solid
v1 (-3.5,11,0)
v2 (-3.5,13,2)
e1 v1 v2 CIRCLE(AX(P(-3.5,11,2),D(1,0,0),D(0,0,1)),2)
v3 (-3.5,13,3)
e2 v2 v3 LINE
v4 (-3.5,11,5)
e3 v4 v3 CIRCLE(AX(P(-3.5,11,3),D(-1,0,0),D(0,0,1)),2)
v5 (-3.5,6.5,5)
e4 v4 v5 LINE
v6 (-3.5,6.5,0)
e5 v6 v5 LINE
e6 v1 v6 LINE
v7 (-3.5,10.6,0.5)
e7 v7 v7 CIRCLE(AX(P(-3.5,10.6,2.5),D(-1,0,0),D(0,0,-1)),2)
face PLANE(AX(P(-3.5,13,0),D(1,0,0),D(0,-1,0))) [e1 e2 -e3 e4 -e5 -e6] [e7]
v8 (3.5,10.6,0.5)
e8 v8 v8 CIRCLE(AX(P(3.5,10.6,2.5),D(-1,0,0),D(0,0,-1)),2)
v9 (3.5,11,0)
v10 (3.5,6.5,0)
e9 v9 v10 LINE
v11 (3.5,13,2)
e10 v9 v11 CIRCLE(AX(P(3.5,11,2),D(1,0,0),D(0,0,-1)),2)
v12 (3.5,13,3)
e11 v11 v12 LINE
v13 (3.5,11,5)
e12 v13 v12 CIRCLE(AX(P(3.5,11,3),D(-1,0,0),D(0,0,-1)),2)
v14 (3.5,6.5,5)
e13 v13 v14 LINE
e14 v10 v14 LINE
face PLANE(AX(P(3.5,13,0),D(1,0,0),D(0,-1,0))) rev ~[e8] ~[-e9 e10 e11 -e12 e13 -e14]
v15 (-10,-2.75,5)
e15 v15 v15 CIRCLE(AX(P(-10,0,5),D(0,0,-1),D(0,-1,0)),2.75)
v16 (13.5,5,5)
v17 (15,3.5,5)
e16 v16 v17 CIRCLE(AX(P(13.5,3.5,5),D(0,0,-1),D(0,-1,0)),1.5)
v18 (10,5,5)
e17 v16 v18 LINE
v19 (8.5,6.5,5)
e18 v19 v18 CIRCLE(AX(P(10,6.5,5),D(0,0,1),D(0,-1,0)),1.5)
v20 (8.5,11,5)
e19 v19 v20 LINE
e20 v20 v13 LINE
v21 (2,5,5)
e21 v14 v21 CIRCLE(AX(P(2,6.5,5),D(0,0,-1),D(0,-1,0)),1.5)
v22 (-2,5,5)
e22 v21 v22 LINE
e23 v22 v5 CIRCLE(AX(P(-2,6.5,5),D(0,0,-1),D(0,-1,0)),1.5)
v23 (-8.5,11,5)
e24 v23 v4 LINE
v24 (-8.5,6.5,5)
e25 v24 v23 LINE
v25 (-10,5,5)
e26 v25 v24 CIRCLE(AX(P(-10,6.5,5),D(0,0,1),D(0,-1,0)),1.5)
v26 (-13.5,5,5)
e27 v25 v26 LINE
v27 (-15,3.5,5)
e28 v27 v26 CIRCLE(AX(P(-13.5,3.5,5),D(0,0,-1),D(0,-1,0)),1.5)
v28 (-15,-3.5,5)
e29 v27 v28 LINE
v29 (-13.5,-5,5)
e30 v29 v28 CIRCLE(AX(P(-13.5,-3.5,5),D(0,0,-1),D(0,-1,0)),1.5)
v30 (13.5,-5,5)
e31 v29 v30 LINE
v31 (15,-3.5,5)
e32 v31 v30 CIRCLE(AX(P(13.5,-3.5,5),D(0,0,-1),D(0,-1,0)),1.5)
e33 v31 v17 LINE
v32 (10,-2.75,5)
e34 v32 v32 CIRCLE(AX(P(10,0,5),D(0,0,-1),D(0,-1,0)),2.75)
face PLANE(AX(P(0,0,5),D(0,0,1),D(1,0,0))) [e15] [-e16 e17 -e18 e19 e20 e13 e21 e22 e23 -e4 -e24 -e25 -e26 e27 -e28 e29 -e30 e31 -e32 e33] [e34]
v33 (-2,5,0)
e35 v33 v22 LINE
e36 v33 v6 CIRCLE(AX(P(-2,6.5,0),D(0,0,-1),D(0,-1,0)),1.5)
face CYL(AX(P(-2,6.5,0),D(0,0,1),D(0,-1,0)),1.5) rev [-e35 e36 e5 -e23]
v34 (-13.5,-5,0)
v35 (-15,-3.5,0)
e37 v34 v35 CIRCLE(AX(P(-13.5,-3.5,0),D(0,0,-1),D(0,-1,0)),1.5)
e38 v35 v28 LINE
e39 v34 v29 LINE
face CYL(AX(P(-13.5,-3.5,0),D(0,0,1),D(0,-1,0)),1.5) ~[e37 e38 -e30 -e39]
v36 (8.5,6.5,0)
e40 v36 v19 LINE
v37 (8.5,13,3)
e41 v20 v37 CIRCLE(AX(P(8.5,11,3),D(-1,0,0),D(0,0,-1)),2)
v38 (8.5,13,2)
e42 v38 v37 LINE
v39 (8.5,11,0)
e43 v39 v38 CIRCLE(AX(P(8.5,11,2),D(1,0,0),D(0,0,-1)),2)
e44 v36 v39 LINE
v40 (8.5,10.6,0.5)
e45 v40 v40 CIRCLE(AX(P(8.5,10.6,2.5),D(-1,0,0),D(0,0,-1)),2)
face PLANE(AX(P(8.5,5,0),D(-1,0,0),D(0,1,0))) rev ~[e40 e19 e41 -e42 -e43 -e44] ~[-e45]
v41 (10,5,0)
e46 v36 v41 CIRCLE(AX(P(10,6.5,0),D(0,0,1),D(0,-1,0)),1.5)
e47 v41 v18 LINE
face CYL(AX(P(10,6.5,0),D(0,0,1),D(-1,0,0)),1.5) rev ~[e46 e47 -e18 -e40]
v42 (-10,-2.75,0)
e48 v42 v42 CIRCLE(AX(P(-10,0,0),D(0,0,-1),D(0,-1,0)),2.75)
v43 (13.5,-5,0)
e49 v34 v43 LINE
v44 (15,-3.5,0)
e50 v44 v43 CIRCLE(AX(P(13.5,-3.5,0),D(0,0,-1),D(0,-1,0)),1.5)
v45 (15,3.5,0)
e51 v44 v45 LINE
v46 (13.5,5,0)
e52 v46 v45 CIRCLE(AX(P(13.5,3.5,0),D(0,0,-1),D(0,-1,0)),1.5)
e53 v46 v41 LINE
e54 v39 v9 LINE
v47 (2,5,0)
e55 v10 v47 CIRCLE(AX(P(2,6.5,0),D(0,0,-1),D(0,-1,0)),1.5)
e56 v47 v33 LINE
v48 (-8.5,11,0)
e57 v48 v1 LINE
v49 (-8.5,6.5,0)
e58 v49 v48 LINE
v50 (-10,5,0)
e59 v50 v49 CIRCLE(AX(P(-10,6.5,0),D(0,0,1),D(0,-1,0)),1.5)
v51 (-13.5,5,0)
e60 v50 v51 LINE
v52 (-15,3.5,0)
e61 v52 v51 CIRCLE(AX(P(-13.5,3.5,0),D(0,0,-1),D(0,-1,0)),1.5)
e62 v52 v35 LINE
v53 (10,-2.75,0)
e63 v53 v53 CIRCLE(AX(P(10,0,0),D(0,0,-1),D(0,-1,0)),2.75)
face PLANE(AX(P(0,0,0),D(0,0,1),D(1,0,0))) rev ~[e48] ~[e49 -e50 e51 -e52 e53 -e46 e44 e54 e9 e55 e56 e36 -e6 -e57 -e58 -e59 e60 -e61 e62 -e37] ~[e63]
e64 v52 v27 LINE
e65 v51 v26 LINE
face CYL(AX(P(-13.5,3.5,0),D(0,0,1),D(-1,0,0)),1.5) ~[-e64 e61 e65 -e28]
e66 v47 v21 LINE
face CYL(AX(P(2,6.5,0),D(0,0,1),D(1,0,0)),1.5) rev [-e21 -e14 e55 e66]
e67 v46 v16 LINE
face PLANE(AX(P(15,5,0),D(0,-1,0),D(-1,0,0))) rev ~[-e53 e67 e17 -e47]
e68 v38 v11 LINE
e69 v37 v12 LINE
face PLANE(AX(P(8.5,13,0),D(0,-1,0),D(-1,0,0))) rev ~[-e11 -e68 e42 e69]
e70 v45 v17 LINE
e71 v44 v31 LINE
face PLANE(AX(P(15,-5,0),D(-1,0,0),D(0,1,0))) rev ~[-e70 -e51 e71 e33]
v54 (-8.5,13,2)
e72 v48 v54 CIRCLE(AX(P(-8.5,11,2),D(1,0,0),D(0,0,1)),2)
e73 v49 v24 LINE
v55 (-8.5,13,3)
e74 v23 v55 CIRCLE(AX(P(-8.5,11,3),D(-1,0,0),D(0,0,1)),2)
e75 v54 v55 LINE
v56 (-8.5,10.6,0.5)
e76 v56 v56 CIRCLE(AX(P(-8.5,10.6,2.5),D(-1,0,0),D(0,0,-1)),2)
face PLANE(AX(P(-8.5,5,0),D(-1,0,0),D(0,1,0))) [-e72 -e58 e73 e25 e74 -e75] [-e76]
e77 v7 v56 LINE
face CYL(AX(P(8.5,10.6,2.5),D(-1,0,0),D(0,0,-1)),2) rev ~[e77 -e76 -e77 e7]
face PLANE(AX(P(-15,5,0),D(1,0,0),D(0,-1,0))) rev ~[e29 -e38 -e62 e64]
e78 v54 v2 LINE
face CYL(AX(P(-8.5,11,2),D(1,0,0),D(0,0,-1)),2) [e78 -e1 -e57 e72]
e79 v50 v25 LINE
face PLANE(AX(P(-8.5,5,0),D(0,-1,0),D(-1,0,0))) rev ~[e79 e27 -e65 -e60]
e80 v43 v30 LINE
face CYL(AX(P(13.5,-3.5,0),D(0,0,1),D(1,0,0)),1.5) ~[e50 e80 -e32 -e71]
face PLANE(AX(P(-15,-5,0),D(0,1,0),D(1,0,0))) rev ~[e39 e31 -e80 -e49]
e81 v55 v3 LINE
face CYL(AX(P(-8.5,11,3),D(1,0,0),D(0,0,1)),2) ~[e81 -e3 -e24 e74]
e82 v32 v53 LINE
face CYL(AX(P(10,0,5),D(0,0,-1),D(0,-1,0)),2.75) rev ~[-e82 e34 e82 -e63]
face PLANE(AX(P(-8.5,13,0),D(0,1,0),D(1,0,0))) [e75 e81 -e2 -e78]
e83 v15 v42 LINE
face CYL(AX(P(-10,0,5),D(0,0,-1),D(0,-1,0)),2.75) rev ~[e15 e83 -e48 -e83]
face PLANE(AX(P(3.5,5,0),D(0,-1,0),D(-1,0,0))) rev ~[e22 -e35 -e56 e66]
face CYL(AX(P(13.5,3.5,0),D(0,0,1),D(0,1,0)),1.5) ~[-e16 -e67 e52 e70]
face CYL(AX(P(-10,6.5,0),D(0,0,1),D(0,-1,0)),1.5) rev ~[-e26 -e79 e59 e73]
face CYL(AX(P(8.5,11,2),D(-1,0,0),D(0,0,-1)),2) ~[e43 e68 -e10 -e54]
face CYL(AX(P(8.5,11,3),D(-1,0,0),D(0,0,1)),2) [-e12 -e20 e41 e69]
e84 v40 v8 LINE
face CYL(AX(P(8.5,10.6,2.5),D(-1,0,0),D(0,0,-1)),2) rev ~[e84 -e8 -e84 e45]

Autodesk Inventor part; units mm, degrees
ref_plane "YZ Plane" through (0, 0, 0) normal (1, 0, 0) x (0, 1, 0)
ref_plane "XZ Plane" through (0, 0, 0) normal (0, 1, 0) x (-1, 0, 0)
ref_plane "XY Plane" through (0, 0, 0) normal (0, 0, 1) x (1, 0, 0)
sketch "Sketch1" plane through (0, 0, 0) normal (0, 0, 1) x (1, 0, 0)
  line L0 (-15, -5) -> (15, -5)
  line L1 (15, -5) -> (15, 5)
  line L2 (15, 5) -> (-15, 5)
  line L3 (-15, 5) -> (-15, -5)
  line L4 (-15, -5) -> (15, 5) construction
  line L5 (15, -5) -> (-15, 5) construction
  line L6 (-8.5, 5) -> (-8.5, 13)
  line L7 (-8.5, 13) -> (-3.5, 13)
  line L8 (-3.5, 13) -> (-3.5, 5)
  line L9 (0, 0) -> (0, 10.7683) construction
  line L10 (8.5, 5) -> (8.5, 13)
  line L11 (8.5, 13) -> (3.5, 13)
  line L12 (3.5, 13) -> (3.5, 5)
  point P0 (8.5, 5)
  point P1 (3.5, 5)
  dimension "d0" = 10
  dimension "d1" = 30
  dimension "d2" = 5
  dimension "d3" = 8
  dimension "d4" = 7
extrude "Extrusion1" add sketch "Sketch1" along normal blind 5
sketch "Sketch2" plane through (8.5, 5, 0) normal (1, 0, 0) x (0, 0, -1)
  line L0 (0, 0) -> (0, 8) projected
  line L1 (-5, 0) -> (-5, 8) projected
  line L2 (0, 8) -> (-5, 8) projected
  line L3 (0, 0) -> (-5, 0) projected
  point P0 (0, -5)
  point P1 (-2.5, 5.6)
  dimension "d14" = 2.5
  dimension "d15" = 5
  dimension "d16" = 2.4
  dimension "d17" = 8
hole "Hole1" at (8.5, 10.6, 2.5) direction (-1, 0, 0) diameter 4 end through all
fillet "Fillet1" radius 2 4 edges at (6, 13, 0) (6, 13, 5) (-6, 13, 0) (-6, 13, 5)
fillet "Fillet2" radius 1.5 8 edges at (-3.5, 5, 2.5) (3.5, 5, 2.5) (-8.5, 5, 2.5) (8.5, 5, 2.5) (15, 5, 2.5) (15, -5, 2.5) (-15, -5, 2.5) (-15, 5, 2.5)
sketch "Sketch3" plane through (0, 0, 5) normal (0, 0, 1) x (1, 0, 0)
  point P0 (0, 0)
  point P1 (-10, 0)
  point P2 (10, 0)
  dimension "d27" = 10
  dimension "d30" = 360
hole "Hole2" at (-10, 0, 5) at (10, 0, 5) direction (0, 0, -1) diameter 5.5 end through all clearance for "Countersunk Flat Head Screw ISO 2009/7046" size "M5" standard "ISO"
equation "\"d14\" = 0.5 * d15"
properties part number "axe_camera"
